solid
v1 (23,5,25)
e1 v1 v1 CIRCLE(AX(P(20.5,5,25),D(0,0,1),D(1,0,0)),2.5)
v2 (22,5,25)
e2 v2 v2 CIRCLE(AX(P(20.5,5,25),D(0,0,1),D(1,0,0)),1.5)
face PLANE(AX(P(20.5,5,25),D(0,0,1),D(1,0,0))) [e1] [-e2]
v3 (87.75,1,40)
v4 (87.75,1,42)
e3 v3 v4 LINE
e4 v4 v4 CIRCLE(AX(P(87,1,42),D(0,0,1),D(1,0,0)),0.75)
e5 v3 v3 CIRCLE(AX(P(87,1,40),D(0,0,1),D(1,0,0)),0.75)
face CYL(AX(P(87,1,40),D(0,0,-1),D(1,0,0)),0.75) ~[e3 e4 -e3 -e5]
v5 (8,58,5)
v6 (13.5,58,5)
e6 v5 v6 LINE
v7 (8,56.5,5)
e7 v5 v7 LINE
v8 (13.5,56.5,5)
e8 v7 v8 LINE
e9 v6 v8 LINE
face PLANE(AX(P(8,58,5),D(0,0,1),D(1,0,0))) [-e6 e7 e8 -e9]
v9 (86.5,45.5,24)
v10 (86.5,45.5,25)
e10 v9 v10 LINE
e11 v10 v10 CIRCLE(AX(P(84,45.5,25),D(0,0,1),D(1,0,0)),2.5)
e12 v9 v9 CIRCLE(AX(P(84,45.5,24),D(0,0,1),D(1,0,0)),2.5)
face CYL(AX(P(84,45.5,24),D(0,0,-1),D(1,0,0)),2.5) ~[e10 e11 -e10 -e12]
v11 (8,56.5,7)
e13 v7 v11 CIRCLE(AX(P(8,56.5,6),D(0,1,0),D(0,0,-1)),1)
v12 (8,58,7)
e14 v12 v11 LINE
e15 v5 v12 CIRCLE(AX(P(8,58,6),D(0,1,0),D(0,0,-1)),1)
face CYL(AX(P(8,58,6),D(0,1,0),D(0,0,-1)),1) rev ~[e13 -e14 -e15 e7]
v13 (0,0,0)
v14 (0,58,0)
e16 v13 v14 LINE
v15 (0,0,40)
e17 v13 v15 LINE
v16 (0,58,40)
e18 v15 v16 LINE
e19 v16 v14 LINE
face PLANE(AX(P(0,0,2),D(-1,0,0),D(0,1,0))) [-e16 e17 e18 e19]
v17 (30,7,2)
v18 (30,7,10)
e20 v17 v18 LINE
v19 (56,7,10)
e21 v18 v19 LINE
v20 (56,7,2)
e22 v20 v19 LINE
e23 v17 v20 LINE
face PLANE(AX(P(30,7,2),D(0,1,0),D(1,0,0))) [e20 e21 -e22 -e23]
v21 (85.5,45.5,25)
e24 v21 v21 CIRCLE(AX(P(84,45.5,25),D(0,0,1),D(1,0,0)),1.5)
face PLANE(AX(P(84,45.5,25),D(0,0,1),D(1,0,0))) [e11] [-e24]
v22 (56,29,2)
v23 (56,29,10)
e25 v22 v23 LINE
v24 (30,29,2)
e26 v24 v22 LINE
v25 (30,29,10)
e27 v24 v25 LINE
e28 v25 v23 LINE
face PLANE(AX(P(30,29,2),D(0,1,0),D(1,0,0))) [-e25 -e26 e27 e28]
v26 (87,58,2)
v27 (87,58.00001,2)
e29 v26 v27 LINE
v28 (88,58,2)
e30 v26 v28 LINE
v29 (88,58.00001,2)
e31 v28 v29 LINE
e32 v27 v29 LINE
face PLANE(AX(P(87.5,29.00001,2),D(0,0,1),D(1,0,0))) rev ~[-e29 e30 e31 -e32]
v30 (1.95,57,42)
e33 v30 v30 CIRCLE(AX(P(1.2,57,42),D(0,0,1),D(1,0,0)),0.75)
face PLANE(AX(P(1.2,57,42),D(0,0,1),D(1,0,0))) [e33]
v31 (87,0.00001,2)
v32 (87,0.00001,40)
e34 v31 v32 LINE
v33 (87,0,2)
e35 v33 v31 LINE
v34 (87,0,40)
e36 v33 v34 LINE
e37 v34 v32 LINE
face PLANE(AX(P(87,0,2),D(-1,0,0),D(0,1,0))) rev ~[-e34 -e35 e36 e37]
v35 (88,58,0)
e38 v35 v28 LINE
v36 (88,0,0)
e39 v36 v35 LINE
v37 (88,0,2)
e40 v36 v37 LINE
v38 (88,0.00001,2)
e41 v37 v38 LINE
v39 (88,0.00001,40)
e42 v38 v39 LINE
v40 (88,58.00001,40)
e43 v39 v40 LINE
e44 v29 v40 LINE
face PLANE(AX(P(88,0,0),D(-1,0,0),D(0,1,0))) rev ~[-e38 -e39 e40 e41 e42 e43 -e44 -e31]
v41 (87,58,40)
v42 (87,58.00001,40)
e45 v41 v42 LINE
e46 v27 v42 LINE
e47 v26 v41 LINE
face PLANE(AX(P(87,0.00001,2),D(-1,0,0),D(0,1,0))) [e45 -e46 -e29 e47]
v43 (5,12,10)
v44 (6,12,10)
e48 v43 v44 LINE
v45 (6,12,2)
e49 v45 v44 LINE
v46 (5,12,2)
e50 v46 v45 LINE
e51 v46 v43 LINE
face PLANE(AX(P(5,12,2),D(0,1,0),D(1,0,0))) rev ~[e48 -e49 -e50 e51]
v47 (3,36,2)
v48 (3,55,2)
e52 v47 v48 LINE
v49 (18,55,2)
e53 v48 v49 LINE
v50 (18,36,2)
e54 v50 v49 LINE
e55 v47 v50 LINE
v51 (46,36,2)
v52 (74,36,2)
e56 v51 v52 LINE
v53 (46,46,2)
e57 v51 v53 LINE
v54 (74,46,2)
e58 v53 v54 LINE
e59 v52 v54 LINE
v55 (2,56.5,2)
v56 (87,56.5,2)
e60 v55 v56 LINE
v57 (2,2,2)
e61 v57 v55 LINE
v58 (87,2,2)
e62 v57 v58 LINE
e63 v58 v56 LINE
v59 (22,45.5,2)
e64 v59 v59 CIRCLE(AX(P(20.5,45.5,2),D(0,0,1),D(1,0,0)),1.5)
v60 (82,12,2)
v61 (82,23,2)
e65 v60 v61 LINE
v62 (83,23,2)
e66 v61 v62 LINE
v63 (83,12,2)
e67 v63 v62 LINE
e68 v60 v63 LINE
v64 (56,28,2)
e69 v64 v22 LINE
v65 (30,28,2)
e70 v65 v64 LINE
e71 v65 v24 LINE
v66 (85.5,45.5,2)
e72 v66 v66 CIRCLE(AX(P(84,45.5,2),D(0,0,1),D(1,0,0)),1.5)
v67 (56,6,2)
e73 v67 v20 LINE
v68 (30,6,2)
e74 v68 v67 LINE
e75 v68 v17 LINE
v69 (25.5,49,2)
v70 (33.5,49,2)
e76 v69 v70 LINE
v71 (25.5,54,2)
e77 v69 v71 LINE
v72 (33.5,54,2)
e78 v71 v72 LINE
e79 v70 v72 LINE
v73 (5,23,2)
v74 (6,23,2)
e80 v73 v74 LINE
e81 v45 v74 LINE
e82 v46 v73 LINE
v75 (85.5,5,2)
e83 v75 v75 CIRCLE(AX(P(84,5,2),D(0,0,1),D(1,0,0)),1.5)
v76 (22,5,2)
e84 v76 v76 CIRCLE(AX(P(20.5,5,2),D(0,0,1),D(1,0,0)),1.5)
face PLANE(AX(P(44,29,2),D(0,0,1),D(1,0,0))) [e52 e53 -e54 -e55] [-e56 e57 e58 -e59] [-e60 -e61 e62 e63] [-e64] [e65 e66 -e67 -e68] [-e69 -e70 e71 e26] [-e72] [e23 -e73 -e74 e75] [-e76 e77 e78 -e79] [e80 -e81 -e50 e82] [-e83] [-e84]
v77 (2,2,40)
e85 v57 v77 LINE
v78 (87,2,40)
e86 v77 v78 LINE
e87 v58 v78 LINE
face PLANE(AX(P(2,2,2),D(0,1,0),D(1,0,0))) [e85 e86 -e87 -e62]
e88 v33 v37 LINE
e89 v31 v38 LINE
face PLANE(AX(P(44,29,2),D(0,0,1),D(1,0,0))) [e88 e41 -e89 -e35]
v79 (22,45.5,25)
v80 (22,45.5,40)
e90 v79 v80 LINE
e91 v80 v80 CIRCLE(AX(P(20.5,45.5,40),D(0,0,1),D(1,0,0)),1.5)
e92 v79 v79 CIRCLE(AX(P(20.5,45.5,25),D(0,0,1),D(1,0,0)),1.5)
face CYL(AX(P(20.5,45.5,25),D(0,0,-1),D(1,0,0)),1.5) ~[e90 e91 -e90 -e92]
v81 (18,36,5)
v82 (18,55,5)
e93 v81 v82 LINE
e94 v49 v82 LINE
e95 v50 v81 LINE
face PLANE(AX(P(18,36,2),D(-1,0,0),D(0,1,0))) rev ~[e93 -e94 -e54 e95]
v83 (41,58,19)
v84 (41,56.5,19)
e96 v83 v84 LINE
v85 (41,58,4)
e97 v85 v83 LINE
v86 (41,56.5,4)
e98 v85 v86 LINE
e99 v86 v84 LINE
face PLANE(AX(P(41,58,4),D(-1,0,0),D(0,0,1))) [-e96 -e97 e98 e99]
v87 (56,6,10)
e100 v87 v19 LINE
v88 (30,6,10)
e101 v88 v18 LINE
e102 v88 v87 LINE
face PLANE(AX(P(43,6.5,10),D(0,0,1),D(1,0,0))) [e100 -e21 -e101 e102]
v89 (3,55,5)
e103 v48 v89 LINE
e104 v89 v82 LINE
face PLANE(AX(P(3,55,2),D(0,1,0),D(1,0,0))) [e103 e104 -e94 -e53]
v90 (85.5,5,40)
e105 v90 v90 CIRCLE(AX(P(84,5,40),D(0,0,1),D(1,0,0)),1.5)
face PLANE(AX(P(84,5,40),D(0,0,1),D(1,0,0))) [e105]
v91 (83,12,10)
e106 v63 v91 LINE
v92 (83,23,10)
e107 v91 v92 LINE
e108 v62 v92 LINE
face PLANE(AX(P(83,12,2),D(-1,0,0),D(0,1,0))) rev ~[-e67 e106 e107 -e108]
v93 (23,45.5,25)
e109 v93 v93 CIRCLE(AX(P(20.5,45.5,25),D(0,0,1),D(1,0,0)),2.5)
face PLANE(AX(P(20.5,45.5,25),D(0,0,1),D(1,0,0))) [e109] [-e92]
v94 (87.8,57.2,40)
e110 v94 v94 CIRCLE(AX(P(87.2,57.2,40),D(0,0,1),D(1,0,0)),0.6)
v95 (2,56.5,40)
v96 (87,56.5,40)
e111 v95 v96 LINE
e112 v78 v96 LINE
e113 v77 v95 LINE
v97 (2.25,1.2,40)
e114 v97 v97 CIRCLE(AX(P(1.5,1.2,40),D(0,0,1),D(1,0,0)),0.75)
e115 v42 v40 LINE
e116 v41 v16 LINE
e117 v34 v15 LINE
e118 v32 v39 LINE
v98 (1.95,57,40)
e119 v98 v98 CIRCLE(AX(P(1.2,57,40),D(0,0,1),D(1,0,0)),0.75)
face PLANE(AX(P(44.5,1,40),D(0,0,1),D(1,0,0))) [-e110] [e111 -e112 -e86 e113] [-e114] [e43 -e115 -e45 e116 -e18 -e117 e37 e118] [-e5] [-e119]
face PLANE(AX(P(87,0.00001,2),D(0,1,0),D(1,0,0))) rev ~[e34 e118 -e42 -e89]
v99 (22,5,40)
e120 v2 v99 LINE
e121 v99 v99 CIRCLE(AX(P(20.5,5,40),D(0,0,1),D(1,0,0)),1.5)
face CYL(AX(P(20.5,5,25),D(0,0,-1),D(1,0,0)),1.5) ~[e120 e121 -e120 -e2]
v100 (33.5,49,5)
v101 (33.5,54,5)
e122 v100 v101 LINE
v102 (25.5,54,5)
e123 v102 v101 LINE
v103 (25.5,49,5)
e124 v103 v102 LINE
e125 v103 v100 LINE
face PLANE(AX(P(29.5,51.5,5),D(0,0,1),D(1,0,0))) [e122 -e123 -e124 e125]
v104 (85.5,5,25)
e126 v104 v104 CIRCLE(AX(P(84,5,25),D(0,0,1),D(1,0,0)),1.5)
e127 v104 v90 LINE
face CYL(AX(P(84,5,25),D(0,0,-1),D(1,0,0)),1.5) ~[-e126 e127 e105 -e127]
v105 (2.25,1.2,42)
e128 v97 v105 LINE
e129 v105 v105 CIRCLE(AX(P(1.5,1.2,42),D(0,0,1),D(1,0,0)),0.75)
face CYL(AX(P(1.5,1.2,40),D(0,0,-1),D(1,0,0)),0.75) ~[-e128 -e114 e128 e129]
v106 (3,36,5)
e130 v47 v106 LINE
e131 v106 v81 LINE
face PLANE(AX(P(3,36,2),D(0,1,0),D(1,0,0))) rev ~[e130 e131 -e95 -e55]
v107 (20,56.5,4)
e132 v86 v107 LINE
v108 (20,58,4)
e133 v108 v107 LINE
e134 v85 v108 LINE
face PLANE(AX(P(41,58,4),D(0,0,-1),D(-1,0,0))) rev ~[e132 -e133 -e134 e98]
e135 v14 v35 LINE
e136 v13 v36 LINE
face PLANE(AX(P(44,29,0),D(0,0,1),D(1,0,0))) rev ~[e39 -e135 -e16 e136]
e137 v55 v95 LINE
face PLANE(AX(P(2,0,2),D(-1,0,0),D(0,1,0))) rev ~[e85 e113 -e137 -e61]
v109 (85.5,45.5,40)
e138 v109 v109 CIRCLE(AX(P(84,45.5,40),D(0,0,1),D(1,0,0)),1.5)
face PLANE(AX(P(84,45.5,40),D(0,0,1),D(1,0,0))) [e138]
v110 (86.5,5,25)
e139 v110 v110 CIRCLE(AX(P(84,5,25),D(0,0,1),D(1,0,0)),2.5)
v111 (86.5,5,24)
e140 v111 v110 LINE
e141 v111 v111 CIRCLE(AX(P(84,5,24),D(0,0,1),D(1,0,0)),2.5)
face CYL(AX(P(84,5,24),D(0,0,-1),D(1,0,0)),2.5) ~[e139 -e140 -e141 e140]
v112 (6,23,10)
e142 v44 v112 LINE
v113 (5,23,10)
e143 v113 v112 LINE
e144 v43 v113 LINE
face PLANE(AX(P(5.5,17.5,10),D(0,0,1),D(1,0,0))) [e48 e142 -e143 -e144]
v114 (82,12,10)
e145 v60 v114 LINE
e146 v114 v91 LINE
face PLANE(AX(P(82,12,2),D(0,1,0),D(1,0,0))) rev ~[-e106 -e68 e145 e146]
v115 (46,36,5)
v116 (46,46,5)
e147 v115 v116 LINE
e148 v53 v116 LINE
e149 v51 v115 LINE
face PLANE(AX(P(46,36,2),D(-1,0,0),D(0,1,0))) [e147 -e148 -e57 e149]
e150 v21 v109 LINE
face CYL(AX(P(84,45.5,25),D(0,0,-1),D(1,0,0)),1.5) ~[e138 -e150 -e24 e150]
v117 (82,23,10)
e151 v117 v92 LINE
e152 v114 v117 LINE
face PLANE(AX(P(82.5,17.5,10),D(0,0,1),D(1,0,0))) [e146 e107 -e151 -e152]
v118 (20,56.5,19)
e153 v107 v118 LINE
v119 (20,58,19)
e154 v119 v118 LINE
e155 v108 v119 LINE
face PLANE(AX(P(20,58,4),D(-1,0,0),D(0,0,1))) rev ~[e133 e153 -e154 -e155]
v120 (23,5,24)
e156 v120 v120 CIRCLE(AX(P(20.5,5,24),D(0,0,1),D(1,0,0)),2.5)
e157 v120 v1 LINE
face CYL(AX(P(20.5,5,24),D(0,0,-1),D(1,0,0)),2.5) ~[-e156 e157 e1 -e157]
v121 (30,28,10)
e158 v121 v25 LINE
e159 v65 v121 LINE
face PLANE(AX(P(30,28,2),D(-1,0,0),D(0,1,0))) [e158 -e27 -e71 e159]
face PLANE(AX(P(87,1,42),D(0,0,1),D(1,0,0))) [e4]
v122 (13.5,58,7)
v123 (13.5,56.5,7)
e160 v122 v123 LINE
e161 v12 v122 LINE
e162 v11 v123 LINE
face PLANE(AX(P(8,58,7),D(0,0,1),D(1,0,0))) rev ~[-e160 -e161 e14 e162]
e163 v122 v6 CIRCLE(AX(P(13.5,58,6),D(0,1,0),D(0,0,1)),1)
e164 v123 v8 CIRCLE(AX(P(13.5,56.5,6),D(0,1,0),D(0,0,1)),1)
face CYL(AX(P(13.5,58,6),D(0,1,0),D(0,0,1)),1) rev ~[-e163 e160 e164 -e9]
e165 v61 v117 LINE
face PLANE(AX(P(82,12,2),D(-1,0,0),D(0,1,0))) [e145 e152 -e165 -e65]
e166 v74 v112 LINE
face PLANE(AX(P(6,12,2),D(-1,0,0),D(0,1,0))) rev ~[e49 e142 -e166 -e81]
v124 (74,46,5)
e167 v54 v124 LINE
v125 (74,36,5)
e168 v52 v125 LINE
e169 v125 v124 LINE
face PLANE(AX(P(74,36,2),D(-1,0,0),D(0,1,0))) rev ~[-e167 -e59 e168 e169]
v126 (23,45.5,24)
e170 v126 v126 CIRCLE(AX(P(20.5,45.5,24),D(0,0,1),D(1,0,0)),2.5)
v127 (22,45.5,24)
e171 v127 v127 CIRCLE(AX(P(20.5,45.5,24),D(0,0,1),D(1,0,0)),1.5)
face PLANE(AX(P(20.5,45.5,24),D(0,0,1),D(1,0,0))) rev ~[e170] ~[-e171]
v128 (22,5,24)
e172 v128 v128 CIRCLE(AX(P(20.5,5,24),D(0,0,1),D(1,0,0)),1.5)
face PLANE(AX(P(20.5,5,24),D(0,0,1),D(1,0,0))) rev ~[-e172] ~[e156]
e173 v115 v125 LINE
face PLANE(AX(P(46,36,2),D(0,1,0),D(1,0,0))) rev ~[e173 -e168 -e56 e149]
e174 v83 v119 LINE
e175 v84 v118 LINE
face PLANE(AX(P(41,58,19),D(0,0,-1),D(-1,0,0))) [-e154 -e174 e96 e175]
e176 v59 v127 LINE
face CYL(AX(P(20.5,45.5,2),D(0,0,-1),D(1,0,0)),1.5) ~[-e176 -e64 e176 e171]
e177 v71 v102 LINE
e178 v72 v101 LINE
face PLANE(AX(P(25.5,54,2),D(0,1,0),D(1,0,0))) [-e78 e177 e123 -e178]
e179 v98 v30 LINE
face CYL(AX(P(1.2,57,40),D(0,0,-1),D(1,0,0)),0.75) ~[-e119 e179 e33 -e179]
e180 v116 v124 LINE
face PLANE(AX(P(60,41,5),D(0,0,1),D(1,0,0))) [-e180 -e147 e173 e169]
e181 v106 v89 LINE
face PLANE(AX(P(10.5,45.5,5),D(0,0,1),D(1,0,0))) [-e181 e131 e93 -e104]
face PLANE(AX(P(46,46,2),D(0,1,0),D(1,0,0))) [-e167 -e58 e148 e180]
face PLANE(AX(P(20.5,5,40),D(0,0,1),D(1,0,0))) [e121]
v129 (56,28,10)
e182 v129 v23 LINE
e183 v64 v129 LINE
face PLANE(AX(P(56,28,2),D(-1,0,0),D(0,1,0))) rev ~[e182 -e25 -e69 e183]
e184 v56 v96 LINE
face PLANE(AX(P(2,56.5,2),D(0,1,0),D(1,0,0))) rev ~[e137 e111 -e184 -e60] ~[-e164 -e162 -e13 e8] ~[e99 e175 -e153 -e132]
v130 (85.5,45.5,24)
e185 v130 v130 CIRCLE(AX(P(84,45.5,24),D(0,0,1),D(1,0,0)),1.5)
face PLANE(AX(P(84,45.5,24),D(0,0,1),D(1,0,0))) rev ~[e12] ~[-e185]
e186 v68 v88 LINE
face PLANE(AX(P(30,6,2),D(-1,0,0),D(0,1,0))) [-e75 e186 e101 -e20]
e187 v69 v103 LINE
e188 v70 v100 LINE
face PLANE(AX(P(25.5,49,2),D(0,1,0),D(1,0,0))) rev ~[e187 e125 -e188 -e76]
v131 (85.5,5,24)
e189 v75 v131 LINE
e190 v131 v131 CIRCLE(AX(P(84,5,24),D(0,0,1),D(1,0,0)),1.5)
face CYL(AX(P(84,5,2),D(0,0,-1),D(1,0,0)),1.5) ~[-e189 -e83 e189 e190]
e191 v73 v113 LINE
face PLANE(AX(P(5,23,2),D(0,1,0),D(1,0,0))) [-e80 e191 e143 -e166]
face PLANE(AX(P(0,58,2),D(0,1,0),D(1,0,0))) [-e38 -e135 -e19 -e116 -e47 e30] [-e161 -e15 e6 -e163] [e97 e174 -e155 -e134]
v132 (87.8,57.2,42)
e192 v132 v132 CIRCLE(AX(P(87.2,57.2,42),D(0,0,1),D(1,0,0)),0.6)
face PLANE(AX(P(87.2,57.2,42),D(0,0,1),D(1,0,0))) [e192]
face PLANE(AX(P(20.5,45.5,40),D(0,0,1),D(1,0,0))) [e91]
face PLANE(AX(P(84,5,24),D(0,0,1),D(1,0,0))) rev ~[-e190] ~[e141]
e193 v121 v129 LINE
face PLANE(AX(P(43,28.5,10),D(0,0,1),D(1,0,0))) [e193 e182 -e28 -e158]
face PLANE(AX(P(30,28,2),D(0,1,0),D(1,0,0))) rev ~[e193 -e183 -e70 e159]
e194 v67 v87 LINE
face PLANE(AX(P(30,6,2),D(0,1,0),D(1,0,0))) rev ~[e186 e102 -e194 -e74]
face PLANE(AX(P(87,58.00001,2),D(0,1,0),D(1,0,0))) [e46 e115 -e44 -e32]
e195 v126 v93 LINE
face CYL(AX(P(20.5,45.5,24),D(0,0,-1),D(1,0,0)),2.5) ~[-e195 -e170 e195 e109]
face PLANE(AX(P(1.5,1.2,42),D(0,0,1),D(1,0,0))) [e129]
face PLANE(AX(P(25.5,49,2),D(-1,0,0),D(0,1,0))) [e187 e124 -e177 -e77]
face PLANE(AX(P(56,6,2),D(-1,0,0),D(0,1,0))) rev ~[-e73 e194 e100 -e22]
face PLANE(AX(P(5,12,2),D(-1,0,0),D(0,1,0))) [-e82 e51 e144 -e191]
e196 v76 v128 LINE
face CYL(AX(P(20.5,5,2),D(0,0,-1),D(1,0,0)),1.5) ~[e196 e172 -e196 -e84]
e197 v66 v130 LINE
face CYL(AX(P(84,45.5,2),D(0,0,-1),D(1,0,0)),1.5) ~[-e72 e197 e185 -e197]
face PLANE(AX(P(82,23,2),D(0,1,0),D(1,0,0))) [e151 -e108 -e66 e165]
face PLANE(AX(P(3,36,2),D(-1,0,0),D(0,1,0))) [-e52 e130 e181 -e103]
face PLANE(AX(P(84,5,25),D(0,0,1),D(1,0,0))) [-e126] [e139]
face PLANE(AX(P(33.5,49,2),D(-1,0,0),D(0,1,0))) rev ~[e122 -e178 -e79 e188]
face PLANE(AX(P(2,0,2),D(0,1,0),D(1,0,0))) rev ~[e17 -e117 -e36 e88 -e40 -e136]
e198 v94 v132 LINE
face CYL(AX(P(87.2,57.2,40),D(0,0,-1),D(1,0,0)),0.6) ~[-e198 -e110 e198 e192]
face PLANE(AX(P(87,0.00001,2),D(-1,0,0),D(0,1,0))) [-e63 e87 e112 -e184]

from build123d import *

# Parameters (mm, degrees)
SKETCH_W        = 88
SKETCH_H        = 58
PAD_DEPTH       = 2
SKETCH001_W     = 1
SKETCH001_H     = 11
PAD001_DEPTH    = 8
SKETCH002_W     = 1
SKETCH002_H     = 11
PAD002_DEPTH    = 8
SKETCH003_W     = 26
SKETCH003_H     = 1
PAD003_DEPTH    = 8
SKETCH004_W     = 15
SKETCH004_H     = 19
PAD004_DEPTH    = 3
SKETCH005_W     = 28
SKETCH005_H     = 10
PAD005_DEPTH    = 3
SKETCH006_R     = 1.5
PAD006_DEPTH    = 22
PAD007_DEPTH    = 22
SKETCH007_W     = 8
SKETCH007_H     = 5
PAD008_DEPTH    = 3
SKETCH008_R     = 2.5
PAD009_DEPTH    = 1
SKETCH009_R     = 1.5
PAD010_DEPTH    = 15
SKETCH010_W     = 2
SKETCH010_H     = 58
SKETCH010_W_2   = 1
PAD011_DEPTH    = 38
SKETCH011_W     = 85
SKETCH011_H     = 2
SKETCH011_H_2   = 1.5
PAD012_DEPTH    = 38
SKETCH012_R     = 0.75
SKETCH012_R_2   = 0.6
PAD013_DEPTH    = 2
POCKET_DEPTH    = 1.5
SKETCH014_W     = 21
SKETCH014_H     = 15
POCKET001_DEPTH = 1.5


with BuildPart() as part:
    # Sketch → Pad (new body)
    with BuildSketch(Plane.XY):
        with Locations((44, 29)):
            Rectangle(SKETCH_W, SKETCH_H)
    extrude(amount=PAD_DEPTH)

    # Sketch001 (on Face6 of Pad) → Pad001 (join)
    with BuildSketch(Plane.XY.offset(2)):
        with Locations((5.5, 17.5)):
            Rectangle(SKETCH001_W, SKETCH001_H)
    extrude(amount=PAD001_DEPTH)

    # Sketch002 (on Face5 of Pad001) → Pad002 (join)
    with BuildSketch(Plane.XY.offset(2)):
        with Locations((82.5, 17.5)):
            Rectangle(SKETCH002_W, SKETCH002_H)
    extrude(amount=PAD002_DEPTH)

    # Sketch003 (on Face5 of Pad002) → Pad003 (join)
    with BuildSketch(Plane.XY.offset(2)):
        with Locations((43, 6.5)):
            Rectangle(SKETCH003_W, SKETCH003_H)
        with Locations((43, 28.5)):
            Rectangle(SKETCH003_W, SKETCH003_H)
    extrude(amount=PAD003_DEPTH)

    # Sketch004 (on Face5 of Pad003) → Pad004 (join)
    with BuildSketch(Plane.XY.offset(2)):
        with Locations((10.5, 45.5)):
            Rectangle(SKETCH004_W, SKETCH004_H)
    extrude(amount=PAD004_DEPTH)

    # Sketch005 (on Face5 of Pad004) → Pad005 (join)
    with BuildSketch(Plane.XY.offset(2)):
        with Locations((60, 41)):
            Rectangle(SKETCH005_W, SKETCH005_H)
    extrude(amount=PAD005_DEPTH)

    # Sketch006 (on Face5 of Pad005) → Pad006 (join)
    with BuildSketch(Plane.XY.offset(2)):
        with Locations((84, 5)):
            Circle(SKETCH006_R)
        with Locations((20.5, 5)):
            Circle(SKETCH006_R)
        with Locations((20.5, 45.5)):
            Circle(SKETCH006_R)
        with Locations((84, 45.5)):
            Circle(SKETCH006_R)
    extrude(amount=PAD006_DEPTH)

    # Sketch006 (on Face5 of Pad005) → Pad007 (join)
    with BuildSketch(Plane.XY.offset(2)):
        with Locations((84, 5)):
            Circle(SKETCH006_R)
        with Locations((20.5, 5)):
            Circle(SKETCH006_R)
        with Locations((20.5, 45.5)):
            Circle(SKETCH006_R)
        with Locations((84, 45.5)):
            Circle(SKETCH006_R)
    extrude(amount=PAD007_DEPTH)

    # Sketch007 (on Face5 of Pad007) → Pad008 (join)
    with BuildSketch(Plane.XY.offset(2)):
        with Locations((29.5, 51.5)):
            Rectangle(SKETCH007_W, SKETCH007_H)
    extrude(amount=PAD008_DEPTH)

    # Sketch008 (on Face35 of Pad007) → Pad009 (join)
    with BuildSketch(Plane.XY.offset(24)):
        with Locations((20.5, 5)):
            Circle(SKETCH008_R)
        with Locations((84, 5)):
            Circle(SKETCH008_R)
        with Locations((20.5, 45.5)):
            Circle(SKETCH008_R)
        with Locations((84, 45.5)):
            Circle(SKETCH008_R)
    extrude(amount=PAD009_DEPTH)

    # Sketch009 (on Face54 of Pad009) → Pad010 (join)
    with BuildSketch(Plane.XY.offset(25)):
        with Locations((20.5, 5)):
            Circle(SKETCH009_R)
        with Locations((84, 5)):
            Circle(SKETCH009_R)
        with Locations((20.5, 45.5)):
            Circle(SKETCH009_R)
        with Locations((84, 45.5)):
            Circle(SKETCH009_R)
    extrude(amount=PAD010_DEPTH)

    # Sketch010 (on Face5 of Pad010) → Pad011 (join)
    with BuildSketch(Plane.XY.offset(2)):
        with Locations((1, 29)):
            Rectangle(SKETCH010_W, SKETCH010_H)
        with Locations((87.5, 29.00001)):
            Rectangle(SKETCH010_W_2, SKETCH010_H)
    extrude(amount=PAD011_DEPTH)

    # Sketch011 (on Face5 of Pad010) → Pad012 (join)
    with BuildSketch(Plane.XY.offset(2)):
        with Locations((44.5, 1)):
            Rectangle(SKETCH011_W, SKETCH011_H)
        with Locations((44.5, 57.25)):
            Rectangle(SKETCH011_W, SKETCH011_H_2)
    extrude(amount=PAD012_DEPTH)

    # Sketch012 (on Face11 of Pad012) → Pad013 (join)
    with BuildSketch(Plane.XY.offset(40)):
        with Locations((1.5, 1.2)):
            Circle(SKETCH012_R)
        with Locations((1.2, 57)):
            Circle(SKETCH012_R)
        with Locations((87.2, 57.2)):
            Circle(SKETCH012_R_2)
        with Locations((87, 1)):
            Circle(SKETCH012_R)
    extrude(amount=PAD013_DEPTH)

    # Sketch013 (on Face15 of Pad013) → Pocket (cut)
    with BuildSketch(Plane(origin=(0, 58, 0), x_dir=(-1, 0, 0), z_dir=(0, 1, 0))):
        with BuildLine():
            ThreePointArc((-8, 5), (-7, 6), (-8, 7))
            Line((-8, 7), (-13.5, 7))
            ThreePointArc((-13.5, 7), (-14.5, 6), (-13.5, 5))
            Line((-8, 5), (-13.5, 5))
        make_face()
    extrude(amount=-POCKET_DEPTH, mode=Mode.SUBTRACT)

    # Sketch014 (on Face15 of Pocket) → Pocket001 (cut)
    with BuildSketch(Plane(origin=(0, 58, 0), x_dir=(-1, 0, 0), z_dir=(0, 1, 0))):
        with Locations((-30.5, 11.5)):
            Rectangle(SKETCH014_W, SKETCH014_H)
    extrude(amount=-POCKET001_DEPTH, mode=Mode.SUBTRACT)


solid = part.part
